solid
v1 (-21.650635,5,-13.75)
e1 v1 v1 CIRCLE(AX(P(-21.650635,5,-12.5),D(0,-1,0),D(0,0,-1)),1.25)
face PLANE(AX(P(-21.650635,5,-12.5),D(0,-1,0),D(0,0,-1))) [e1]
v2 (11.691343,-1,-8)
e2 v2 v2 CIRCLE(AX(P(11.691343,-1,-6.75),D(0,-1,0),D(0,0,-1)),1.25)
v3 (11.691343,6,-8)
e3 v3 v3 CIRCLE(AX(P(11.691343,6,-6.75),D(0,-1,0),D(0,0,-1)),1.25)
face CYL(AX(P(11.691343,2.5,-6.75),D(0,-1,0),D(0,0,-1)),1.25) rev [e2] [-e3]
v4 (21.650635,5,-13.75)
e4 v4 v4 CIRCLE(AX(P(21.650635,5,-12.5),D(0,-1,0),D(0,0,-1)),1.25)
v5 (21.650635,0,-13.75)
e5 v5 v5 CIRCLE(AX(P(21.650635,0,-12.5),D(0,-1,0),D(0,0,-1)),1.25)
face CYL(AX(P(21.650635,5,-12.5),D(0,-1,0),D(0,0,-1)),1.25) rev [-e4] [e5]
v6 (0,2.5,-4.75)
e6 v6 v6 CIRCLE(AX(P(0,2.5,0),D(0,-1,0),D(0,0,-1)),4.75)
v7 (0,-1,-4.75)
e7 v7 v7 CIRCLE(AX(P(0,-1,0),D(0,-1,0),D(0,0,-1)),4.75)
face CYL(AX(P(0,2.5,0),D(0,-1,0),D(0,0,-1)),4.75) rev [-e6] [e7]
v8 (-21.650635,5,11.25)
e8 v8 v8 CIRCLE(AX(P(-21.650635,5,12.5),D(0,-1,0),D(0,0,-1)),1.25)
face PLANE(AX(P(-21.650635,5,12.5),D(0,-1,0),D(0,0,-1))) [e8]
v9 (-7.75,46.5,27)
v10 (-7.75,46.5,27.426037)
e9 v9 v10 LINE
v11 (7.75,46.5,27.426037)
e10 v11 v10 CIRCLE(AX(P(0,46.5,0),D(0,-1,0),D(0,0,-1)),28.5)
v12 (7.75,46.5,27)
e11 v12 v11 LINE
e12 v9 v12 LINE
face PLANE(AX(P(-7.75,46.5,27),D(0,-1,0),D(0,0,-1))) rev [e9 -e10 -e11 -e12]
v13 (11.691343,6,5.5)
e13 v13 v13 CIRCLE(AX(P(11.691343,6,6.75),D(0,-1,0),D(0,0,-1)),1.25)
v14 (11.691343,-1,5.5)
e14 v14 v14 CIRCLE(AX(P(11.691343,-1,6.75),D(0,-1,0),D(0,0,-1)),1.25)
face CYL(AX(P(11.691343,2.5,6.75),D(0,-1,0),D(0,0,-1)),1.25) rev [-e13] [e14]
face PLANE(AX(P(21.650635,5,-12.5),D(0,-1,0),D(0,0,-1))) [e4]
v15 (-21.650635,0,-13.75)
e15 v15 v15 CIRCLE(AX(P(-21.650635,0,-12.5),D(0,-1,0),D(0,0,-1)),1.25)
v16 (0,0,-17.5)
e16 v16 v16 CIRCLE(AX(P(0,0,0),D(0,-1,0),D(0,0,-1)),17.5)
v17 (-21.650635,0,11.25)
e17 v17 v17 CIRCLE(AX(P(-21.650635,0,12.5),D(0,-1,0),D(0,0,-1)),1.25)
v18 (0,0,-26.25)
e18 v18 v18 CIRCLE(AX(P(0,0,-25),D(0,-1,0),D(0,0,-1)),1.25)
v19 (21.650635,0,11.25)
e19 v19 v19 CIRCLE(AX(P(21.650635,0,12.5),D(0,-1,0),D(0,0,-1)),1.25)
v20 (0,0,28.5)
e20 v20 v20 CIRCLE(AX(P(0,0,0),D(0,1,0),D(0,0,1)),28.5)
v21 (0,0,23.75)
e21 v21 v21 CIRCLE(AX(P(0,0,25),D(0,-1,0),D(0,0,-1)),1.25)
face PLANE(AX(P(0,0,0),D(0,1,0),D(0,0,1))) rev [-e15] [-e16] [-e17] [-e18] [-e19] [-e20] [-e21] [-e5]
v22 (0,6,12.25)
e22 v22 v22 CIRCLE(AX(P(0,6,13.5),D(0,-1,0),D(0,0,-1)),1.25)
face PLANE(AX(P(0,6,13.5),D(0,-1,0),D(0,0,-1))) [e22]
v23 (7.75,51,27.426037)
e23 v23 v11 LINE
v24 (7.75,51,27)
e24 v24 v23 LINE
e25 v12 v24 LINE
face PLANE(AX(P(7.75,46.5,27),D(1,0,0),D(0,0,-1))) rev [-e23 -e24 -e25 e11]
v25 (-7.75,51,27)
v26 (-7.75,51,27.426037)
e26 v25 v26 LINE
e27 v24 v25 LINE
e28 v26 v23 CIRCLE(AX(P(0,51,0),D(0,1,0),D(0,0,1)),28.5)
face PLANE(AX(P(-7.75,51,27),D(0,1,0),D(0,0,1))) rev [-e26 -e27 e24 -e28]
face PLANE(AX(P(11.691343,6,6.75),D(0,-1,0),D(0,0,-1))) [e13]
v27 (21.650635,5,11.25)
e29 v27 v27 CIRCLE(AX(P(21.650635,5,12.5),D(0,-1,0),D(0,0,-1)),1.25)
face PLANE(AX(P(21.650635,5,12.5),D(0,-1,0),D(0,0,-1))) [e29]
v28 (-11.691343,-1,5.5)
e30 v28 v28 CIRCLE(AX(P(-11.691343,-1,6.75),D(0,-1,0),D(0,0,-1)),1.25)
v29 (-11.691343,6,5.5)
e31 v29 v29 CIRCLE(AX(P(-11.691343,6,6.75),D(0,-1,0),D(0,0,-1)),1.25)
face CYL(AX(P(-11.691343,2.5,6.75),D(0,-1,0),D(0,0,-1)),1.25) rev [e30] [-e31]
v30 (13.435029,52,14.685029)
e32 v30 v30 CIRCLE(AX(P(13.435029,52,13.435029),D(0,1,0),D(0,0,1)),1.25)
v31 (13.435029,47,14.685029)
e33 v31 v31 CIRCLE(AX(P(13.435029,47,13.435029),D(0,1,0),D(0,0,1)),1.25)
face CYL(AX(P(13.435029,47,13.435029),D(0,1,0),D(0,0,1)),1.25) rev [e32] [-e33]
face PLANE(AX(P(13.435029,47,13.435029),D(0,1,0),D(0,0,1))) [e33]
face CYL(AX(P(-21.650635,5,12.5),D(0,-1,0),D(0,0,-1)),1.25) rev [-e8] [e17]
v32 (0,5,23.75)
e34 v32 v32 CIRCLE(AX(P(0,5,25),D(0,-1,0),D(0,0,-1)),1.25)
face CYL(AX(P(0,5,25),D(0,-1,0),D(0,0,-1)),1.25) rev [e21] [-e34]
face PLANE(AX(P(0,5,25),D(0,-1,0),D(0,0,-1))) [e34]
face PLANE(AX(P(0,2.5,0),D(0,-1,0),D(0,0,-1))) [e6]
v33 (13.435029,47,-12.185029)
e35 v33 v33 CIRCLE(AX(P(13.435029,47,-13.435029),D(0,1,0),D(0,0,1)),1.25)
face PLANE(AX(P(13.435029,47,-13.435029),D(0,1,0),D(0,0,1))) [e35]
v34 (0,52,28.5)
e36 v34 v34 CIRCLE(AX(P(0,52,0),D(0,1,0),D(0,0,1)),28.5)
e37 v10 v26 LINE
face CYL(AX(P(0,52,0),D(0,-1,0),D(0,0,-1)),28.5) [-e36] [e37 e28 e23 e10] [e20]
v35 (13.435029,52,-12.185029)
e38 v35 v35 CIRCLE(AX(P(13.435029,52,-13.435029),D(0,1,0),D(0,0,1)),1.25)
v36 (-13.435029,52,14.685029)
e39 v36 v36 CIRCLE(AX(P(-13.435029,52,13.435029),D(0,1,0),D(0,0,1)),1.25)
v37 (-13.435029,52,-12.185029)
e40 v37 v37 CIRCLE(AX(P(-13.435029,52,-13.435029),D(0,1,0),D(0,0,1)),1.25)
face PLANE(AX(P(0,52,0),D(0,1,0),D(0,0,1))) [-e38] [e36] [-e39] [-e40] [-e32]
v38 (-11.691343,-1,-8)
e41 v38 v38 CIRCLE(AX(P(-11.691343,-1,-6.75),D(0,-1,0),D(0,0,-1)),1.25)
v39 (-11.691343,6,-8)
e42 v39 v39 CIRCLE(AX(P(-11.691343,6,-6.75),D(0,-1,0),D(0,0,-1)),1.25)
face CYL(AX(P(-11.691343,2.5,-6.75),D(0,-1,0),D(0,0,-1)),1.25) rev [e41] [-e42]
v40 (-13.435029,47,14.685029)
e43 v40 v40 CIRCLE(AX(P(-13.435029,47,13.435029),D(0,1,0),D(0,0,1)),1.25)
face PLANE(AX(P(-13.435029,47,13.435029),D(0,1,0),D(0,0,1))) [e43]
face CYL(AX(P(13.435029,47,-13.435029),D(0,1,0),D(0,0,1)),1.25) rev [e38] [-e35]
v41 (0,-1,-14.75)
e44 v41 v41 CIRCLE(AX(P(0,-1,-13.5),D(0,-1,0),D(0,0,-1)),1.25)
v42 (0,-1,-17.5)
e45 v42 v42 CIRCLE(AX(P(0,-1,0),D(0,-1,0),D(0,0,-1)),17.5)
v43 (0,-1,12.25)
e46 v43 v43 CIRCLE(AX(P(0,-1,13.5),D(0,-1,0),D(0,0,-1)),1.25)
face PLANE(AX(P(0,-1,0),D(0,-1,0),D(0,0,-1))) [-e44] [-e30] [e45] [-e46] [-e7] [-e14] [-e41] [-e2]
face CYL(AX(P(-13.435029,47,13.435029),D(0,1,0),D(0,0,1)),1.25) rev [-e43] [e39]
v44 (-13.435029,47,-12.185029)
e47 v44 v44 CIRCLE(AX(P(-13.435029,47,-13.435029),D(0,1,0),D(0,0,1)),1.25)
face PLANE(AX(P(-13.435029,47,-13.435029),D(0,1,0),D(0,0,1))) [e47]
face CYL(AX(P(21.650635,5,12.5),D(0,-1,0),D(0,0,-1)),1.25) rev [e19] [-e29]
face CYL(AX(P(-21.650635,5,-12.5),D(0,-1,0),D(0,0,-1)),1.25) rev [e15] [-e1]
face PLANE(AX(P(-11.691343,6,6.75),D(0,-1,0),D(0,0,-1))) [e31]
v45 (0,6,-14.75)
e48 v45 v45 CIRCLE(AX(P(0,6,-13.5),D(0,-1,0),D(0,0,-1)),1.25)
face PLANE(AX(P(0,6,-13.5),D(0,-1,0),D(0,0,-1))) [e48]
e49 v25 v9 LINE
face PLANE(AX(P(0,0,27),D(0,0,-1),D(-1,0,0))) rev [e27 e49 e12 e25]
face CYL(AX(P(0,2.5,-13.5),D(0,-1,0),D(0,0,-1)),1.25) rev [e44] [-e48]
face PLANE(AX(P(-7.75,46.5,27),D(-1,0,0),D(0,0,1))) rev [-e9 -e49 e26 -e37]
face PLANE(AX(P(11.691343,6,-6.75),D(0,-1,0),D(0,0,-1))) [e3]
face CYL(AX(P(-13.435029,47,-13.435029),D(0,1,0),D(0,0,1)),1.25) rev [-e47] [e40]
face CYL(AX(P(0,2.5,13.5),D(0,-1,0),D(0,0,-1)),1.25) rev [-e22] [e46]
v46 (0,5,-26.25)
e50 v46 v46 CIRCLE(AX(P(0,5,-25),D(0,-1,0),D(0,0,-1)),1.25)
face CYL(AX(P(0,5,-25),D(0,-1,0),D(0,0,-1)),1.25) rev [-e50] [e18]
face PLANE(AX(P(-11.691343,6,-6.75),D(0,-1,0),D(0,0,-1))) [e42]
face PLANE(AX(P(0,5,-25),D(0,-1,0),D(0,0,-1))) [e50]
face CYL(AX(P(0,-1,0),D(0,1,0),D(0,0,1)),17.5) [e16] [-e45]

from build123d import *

# Parameters (mm, degrees)
SKETCH_1_R          = 28.5
EXTRUDE_1_DEPTH     = 52
SKETCH_2_R          = 17.5
EXTRUDE_2_DEPTH     = 1
SKETCH_3_R          = 1.25
SKETCH_3_R_2        = 4.75
CUT_EXTRUDE_1_DEPTH = 3.5
MOVE_FACE_1_BY      = 3.5
MOVE_FACE_1_2_BY    = 3.5
MOVE_FACE_1_3_BY    = 3.5
MOVE_FACE_1_4_BY    = 3.5
MOVE_FACE_1_5_BY    = 3.5
MOVE_FACE_1_6_BY    = 3.5
SKETCH_4_R          = 1.25
CUT_EXTRUDE_2_DEPTH = 5
SKETCH_5_W          = 15.5
SKETCH_5_H          = 4.5
CUT_EXTRUDE_3_DEPTH = 1.5
SKETCH_6_R          = 1.25
CUT_EXTRUDE_4_DEPTH = 5


with BuildPart() as part:
    # 草图1 → 凸台-拉伸1 (new body)
    with BuildSketch(Plane(origin=(0, 0, 0), x_dir=(1, 0, 0), z_dir=(0, 1, 0))):
        Circle(SKETCH_1_R)
    extrude(amount=EXTRUDE_1_DEPTH)

    # 草图2 → 凸台-拉伸2 (add)
    with BuildSketch(Plane.XZ):
        Circle(SKETCH_2_R)
    extrude(amount=EXTRUDE_2_DEPTH)

    # 草图3 → 切除-拉伸1 (cut)
    with BuildSketch(Plane.XZ.offset(1)):
        with Locations((0, 13.5)):
            Circle(SKETCH_3_R)
        with Locations((11.691342951, 6.75)):
            Circle(SKETCH_3_R)
        with Locations((11.691342951, -6.75)):
            Circle(SKETCH_3_R)
        with Locations((0, -13.5)):
            Circle(SKETCH_3_R)
        with Locations((-11.691342951, -6.75)):
            Circle(SKETCH_3_R)
        with Locations((-11.691342951, 6.75)):
            Circle(SKETCH_3_R)
        Circle(SKETCH_3_R_2)
    extrude(amount=-CUT_EXTRUDE_1_DEPTH, mode=Mode.SUBTRACT)

    # Move Face 1: a face moved inward by 3.5
    extrude(part.faces().sort_by_distance((11.691342951, 2.5, -6.75))[0], amount=MOVE_FACE_1_BY, dir=(0, 1, 0), mode=Mode.SUBTRACT)

    # Move Face 1 2: a face moved inward by 3.5
    extrude(part.faces().sort_by_distance((0, 2.5, -13.5))[0], amount=MOVE_FACE_1_2_BY, dir=(0, 1, 0), mode=Mode.SUBTRACT)

    # Move Face 1 3: a face moved inward by 3.5
    extrude(part.faces().sort_by_distance((-11.691342951, 2.5, -6.75))[0], amount=MOVE_FACE_1_3_BY, dir=(0, 1, 0), mode=Mode.SUBTRACT)

    # Move Face 1 4: a face moved inward by 3.5
    extrude(part.faces().sort_by_distance((-11.691342951, 2.5, 6.75))[0], amount=MOVE_FACE_1_4_BY, dir=(0, 1, 0), mode=Mode.SUBTRACT)

    # Move Face 1 5: a face moved inward by 3.5
    extrude(part.faces().sort_by_distance((0, 2.5, 13.5))[0], amount=MOVE_FACE_1_5_BY, dir=(0, 1, 0), mode=Mode.SUBTRACT)

    # Move Face 1 6: a face moved inward by 3.5
    extrude(part.faces().sort_by_distance((11.691342951, 2.5, 6.75))[0], amount=MOVE_FACE_1_6_BY, dir=(0, 1, 0), mode=Mode.SUBTRACT)

    # 草图4 → 切除-拉伸2 (cut)
    with BuildSketch(Plane.XZ):
        with Locations((0, 25)):
            Circle(SKETCH_4_R)
        with Locations((21.650635095, 12.5)):
            Circle(SKETCH_4_R)
        with Locations((21.650635095, -12.5)):
            Circle(SKETCH_4_R)
        with Locations((0, -25)):
            Circle(SKETCH_4_R)
        with Locations((-21.650635095, -12.5)):
            Circle(SKETCH_4_R)
        with Locations((-21.650635095, 12.5)):
            Circle(SKETCH_4_R)
    extrude(amount=-CUT_EXTRUDE_2_DEPTH, mode=Mode.SUBTRACT)

    # 草图5 → 切除-拉伸3 (cut)
    with BuildSketch(Plane.XY.offset(28.5)):
        with Locations((0, 48.75)):
            Rectangle(SKETCH_5_W, SKETCH_5_H)
    extrude(amount=-CUT_EXTRUDE_3_DEPTH, mode=Mode.SUBTRACT)

    # 草图6 → 切除-拉伸4 (cut)
    with BuildSketch(Plane(origin=(0, 52, 0), x_dir=(1, 0, 0), z_dir=(0, 1, 0))):
        with Locations((13.435028843, 13.435028843)):
            Circle(SKETCH_6_R)
        with Locations((13.435028843, -13.435028843)):
            Circle(SKETCH_6_R)
        with Locations((-13.435028843, -13.435028843)):
            Circle(SKETCH_6_R)
        with Locations((-13.435028843, 13.435028843)):
            Circle(SKETCH_6_R)
    extrude(amount=-CUT_EXTRUDE_4_DEPTH, mode=Mode.SUBTRACT)


solid = part.part
